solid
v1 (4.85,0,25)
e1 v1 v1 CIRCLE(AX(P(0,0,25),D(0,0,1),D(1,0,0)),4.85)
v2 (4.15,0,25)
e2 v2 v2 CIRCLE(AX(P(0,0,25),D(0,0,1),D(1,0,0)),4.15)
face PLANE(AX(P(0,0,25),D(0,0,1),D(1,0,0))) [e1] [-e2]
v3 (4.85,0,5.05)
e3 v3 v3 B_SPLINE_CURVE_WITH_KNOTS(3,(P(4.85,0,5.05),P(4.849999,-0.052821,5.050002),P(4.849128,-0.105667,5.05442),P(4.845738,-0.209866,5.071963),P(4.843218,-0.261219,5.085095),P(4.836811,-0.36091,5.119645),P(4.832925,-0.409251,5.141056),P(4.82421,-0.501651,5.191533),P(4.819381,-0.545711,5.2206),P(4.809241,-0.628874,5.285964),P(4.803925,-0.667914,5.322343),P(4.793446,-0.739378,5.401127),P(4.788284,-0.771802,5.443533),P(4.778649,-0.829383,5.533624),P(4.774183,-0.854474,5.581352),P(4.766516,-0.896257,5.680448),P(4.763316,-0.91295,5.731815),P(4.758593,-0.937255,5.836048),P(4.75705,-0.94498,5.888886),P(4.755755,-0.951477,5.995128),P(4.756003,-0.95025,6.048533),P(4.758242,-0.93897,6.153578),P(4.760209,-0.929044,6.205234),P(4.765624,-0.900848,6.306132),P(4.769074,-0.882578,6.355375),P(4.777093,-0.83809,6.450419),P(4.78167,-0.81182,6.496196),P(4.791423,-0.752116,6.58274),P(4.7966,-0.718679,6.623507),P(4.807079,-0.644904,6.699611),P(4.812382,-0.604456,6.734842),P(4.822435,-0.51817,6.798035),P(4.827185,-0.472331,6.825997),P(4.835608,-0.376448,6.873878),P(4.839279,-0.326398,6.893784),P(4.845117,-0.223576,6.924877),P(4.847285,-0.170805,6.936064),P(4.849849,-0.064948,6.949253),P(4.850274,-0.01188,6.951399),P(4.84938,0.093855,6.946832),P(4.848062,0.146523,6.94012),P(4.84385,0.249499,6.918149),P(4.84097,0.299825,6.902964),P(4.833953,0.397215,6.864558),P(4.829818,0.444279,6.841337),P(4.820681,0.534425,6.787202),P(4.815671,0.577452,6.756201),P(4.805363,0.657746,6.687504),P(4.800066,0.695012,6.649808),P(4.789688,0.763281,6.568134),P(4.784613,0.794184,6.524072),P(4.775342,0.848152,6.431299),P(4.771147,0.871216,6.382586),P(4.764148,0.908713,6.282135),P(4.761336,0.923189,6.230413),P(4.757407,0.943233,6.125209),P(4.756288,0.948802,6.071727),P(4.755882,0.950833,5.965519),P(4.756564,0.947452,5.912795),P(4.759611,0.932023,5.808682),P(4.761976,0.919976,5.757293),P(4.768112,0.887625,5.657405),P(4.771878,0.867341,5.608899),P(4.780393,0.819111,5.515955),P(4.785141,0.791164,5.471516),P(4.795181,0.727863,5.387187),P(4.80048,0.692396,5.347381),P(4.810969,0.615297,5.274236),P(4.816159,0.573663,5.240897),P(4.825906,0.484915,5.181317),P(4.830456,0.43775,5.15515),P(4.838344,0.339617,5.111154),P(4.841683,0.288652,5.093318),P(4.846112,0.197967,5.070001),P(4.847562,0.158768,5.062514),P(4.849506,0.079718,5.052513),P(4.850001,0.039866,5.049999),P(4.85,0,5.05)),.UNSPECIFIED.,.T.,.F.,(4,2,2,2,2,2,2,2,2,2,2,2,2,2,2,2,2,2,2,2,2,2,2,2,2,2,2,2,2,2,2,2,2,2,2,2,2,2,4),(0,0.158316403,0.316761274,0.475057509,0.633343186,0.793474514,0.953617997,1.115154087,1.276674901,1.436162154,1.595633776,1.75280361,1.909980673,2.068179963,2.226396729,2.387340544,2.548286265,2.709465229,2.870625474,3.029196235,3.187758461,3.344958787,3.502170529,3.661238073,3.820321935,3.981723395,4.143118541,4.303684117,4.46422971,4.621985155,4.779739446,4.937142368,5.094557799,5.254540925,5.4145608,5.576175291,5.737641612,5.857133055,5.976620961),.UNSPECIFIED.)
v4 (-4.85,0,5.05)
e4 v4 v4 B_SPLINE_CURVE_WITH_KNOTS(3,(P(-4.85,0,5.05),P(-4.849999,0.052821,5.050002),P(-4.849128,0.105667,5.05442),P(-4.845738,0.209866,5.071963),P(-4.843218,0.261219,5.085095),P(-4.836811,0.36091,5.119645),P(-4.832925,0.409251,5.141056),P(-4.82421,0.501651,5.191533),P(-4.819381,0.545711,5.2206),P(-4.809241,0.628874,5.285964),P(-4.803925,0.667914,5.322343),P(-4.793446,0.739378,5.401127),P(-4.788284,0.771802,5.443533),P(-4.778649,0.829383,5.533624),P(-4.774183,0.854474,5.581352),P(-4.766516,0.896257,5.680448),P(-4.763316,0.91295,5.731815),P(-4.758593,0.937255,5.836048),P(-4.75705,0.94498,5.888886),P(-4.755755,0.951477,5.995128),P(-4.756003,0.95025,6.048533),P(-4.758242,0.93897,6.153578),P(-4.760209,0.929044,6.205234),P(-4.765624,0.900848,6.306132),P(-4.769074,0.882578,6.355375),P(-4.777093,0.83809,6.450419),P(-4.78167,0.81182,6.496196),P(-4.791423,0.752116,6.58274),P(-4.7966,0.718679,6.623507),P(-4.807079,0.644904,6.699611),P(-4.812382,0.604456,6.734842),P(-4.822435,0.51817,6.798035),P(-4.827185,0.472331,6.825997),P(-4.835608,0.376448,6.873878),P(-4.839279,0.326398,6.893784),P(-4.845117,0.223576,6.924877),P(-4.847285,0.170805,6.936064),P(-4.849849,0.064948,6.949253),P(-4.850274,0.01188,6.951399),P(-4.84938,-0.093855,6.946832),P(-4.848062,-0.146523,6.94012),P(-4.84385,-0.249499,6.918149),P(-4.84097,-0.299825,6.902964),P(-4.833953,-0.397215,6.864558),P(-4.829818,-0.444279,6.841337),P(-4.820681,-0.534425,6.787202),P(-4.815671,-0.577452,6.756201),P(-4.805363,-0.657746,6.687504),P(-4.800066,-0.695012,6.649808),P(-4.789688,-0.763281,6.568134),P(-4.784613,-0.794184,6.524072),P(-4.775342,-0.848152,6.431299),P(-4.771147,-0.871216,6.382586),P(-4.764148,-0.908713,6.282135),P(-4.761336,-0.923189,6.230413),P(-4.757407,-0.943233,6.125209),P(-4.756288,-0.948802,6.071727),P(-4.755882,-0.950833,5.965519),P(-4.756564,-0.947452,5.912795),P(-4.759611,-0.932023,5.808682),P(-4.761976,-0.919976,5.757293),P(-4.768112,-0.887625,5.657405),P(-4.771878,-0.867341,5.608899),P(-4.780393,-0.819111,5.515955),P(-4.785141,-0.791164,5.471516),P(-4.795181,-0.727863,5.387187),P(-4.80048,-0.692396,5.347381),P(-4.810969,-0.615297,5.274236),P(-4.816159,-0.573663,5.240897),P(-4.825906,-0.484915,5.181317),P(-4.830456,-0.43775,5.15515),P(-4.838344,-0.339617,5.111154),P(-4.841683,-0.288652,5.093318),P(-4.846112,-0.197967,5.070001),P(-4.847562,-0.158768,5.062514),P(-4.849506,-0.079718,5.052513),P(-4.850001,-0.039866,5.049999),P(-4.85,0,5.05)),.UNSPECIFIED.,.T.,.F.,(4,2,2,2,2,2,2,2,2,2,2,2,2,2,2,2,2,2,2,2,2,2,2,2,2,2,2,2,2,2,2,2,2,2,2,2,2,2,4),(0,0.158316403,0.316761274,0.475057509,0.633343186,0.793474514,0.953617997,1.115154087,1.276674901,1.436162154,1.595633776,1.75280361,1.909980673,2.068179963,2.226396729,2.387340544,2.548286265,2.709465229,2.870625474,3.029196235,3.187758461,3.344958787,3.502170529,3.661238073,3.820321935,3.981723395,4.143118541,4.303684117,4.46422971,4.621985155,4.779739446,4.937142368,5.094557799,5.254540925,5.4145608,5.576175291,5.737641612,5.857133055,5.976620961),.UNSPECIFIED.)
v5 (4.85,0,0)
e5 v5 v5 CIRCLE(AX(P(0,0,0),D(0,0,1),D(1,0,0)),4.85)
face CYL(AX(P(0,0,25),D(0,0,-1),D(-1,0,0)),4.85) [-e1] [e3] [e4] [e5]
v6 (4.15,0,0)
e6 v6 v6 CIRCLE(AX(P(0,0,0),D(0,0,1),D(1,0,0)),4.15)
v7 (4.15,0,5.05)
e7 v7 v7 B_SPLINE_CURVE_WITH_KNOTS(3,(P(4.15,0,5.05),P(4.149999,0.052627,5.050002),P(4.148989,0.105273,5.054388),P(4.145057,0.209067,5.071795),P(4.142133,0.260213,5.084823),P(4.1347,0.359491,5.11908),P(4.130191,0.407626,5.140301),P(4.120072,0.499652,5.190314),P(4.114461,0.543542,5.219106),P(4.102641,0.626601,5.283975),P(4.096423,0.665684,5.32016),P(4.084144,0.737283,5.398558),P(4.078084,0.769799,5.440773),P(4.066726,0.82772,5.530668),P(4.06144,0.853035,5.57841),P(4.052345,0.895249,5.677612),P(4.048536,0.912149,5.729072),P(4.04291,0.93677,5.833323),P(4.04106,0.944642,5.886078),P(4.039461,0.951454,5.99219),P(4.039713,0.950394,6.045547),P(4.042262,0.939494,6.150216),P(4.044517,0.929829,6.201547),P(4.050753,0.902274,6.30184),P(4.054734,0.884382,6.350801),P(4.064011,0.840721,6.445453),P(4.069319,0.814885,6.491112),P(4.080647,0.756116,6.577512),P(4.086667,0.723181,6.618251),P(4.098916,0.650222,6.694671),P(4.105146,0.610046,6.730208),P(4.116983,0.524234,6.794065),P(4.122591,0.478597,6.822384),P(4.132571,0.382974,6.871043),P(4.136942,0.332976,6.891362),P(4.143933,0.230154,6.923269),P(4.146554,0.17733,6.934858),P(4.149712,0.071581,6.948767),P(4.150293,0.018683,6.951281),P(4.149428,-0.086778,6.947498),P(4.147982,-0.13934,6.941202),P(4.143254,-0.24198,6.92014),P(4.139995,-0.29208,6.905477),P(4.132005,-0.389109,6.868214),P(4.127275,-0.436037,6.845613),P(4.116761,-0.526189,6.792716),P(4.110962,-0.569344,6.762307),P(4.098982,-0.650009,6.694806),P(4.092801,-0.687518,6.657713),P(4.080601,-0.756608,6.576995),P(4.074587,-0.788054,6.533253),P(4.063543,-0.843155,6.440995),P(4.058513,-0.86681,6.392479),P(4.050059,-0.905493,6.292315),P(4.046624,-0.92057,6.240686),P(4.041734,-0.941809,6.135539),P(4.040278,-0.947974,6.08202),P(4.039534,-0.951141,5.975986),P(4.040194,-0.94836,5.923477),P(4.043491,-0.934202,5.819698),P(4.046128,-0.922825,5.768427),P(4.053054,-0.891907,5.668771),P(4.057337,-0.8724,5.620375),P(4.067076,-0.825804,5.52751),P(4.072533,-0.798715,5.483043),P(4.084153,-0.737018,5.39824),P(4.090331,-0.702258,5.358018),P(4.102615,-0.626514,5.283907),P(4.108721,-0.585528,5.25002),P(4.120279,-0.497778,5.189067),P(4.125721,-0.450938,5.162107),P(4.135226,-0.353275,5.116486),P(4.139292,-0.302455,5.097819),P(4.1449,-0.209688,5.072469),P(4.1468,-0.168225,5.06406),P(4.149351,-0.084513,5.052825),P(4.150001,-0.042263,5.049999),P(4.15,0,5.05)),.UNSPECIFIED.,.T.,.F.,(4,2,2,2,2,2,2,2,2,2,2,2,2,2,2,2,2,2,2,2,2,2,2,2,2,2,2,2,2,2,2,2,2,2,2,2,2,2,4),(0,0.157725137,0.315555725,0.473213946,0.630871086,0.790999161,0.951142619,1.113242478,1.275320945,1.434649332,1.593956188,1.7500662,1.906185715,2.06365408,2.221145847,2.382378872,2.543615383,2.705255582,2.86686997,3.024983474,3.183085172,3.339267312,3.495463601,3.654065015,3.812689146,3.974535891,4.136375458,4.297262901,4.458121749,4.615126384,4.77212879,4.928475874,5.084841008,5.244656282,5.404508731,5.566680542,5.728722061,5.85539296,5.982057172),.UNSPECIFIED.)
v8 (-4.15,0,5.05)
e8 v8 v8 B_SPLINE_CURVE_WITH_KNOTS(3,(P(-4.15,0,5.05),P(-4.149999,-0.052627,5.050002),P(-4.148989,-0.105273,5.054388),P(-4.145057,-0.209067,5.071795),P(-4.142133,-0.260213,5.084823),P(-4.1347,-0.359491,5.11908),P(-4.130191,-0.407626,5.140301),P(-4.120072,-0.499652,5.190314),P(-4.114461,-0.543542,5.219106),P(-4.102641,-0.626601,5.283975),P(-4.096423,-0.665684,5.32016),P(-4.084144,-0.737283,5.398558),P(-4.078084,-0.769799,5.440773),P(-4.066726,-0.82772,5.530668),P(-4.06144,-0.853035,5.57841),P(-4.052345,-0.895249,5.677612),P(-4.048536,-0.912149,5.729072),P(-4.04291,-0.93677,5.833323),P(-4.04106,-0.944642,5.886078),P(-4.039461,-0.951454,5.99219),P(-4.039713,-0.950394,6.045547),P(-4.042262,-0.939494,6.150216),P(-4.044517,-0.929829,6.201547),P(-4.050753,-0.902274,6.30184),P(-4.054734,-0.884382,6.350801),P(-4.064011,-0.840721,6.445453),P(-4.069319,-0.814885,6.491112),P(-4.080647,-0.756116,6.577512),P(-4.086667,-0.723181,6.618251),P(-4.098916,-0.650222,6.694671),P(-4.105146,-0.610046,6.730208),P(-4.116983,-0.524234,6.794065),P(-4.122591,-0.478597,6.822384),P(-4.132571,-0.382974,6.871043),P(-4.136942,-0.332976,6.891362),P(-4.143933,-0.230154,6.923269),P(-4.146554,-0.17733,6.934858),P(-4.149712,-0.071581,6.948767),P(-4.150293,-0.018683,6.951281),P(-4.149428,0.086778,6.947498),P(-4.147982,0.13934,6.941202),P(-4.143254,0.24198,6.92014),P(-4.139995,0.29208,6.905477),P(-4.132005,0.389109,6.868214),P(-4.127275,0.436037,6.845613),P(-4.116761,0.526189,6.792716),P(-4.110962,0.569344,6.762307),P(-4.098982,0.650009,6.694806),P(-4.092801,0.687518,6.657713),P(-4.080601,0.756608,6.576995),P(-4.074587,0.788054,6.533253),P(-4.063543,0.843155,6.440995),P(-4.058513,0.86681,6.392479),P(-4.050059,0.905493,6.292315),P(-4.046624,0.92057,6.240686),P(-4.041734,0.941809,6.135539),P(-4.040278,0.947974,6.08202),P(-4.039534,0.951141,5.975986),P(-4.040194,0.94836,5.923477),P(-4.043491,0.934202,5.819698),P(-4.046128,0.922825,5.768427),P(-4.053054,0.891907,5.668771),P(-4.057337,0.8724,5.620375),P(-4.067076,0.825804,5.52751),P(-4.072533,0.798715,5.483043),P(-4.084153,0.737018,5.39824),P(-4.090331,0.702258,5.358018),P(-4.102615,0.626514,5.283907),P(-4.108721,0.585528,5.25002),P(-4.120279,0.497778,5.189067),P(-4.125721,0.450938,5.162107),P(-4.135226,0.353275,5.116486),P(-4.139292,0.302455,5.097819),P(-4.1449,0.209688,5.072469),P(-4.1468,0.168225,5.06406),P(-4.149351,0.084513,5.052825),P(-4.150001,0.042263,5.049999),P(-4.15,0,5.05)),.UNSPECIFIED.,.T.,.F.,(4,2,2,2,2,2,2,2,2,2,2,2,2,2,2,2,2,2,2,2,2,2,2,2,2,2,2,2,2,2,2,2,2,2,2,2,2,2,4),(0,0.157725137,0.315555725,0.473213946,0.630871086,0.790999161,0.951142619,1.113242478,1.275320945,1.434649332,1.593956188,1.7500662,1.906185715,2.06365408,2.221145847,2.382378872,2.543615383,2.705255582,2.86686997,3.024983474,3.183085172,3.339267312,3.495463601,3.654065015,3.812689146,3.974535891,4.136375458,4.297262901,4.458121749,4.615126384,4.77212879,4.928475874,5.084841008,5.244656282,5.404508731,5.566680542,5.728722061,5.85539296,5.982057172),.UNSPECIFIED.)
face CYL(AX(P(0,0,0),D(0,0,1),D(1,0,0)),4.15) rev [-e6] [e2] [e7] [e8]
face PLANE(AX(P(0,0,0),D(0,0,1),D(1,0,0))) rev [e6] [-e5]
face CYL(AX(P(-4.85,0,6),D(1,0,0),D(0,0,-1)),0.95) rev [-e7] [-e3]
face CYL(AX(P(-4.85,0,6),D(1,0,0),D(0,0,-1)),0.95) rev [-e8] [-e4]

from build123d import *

# Parameters (mm, degrees)
SKETCH1_R               = 4.85
BOSS_EXTRUDE1_DEPTH     = 25
SKETCH2_R               = 4.15
CUT_EXTRUDE1_DEPTH      = 26
SKETCH3_R               = 0.95
CUT_EXTRUDE2_DEPTH      = 5.85
CUT_EXTRUDE2_DEPTH_BACK = 5.85


with BuildPart() as part:
    # Sketch1 → Boss-Extrude1 (new body)
    with BuildSketch(Plane.XY):
        Circle(SKETCH1_R)
    extrude(amount=BOSS_EXTRUDE1_DEPTH)

    # Sketch2 → Cut-Extrude1 (cut, through all)
    with BuildSketch(Plane.XY.offset(25)):
        Circle(SKETCH2_R)
    extrude(amount=-CUT_EXTRUDE1_DEPTH, mode=Mode.SUBTRACT)

    # Sketch3 → Cut-Extrude2 (cut, two sides)
    with BuildSketch(Plane(origin=(0, 0, 0), x_dir=(0, 0, -1), z_dir=(1, 0, 0))) as cut_extrude2_sk:
        with Locations((-6, 0)):
            Circle(SKETCH3_R)
    extrude(amount=CUT_EXTRUDE2_DEPTH, mode=Mode.SUBTRACT)
    extrude(cut_extrude2_sk.sketch, amount=-CUT_EXTRUDE2_DEPTH_BACK, mode=Mode.SUBTRACT)


solid = part.part
